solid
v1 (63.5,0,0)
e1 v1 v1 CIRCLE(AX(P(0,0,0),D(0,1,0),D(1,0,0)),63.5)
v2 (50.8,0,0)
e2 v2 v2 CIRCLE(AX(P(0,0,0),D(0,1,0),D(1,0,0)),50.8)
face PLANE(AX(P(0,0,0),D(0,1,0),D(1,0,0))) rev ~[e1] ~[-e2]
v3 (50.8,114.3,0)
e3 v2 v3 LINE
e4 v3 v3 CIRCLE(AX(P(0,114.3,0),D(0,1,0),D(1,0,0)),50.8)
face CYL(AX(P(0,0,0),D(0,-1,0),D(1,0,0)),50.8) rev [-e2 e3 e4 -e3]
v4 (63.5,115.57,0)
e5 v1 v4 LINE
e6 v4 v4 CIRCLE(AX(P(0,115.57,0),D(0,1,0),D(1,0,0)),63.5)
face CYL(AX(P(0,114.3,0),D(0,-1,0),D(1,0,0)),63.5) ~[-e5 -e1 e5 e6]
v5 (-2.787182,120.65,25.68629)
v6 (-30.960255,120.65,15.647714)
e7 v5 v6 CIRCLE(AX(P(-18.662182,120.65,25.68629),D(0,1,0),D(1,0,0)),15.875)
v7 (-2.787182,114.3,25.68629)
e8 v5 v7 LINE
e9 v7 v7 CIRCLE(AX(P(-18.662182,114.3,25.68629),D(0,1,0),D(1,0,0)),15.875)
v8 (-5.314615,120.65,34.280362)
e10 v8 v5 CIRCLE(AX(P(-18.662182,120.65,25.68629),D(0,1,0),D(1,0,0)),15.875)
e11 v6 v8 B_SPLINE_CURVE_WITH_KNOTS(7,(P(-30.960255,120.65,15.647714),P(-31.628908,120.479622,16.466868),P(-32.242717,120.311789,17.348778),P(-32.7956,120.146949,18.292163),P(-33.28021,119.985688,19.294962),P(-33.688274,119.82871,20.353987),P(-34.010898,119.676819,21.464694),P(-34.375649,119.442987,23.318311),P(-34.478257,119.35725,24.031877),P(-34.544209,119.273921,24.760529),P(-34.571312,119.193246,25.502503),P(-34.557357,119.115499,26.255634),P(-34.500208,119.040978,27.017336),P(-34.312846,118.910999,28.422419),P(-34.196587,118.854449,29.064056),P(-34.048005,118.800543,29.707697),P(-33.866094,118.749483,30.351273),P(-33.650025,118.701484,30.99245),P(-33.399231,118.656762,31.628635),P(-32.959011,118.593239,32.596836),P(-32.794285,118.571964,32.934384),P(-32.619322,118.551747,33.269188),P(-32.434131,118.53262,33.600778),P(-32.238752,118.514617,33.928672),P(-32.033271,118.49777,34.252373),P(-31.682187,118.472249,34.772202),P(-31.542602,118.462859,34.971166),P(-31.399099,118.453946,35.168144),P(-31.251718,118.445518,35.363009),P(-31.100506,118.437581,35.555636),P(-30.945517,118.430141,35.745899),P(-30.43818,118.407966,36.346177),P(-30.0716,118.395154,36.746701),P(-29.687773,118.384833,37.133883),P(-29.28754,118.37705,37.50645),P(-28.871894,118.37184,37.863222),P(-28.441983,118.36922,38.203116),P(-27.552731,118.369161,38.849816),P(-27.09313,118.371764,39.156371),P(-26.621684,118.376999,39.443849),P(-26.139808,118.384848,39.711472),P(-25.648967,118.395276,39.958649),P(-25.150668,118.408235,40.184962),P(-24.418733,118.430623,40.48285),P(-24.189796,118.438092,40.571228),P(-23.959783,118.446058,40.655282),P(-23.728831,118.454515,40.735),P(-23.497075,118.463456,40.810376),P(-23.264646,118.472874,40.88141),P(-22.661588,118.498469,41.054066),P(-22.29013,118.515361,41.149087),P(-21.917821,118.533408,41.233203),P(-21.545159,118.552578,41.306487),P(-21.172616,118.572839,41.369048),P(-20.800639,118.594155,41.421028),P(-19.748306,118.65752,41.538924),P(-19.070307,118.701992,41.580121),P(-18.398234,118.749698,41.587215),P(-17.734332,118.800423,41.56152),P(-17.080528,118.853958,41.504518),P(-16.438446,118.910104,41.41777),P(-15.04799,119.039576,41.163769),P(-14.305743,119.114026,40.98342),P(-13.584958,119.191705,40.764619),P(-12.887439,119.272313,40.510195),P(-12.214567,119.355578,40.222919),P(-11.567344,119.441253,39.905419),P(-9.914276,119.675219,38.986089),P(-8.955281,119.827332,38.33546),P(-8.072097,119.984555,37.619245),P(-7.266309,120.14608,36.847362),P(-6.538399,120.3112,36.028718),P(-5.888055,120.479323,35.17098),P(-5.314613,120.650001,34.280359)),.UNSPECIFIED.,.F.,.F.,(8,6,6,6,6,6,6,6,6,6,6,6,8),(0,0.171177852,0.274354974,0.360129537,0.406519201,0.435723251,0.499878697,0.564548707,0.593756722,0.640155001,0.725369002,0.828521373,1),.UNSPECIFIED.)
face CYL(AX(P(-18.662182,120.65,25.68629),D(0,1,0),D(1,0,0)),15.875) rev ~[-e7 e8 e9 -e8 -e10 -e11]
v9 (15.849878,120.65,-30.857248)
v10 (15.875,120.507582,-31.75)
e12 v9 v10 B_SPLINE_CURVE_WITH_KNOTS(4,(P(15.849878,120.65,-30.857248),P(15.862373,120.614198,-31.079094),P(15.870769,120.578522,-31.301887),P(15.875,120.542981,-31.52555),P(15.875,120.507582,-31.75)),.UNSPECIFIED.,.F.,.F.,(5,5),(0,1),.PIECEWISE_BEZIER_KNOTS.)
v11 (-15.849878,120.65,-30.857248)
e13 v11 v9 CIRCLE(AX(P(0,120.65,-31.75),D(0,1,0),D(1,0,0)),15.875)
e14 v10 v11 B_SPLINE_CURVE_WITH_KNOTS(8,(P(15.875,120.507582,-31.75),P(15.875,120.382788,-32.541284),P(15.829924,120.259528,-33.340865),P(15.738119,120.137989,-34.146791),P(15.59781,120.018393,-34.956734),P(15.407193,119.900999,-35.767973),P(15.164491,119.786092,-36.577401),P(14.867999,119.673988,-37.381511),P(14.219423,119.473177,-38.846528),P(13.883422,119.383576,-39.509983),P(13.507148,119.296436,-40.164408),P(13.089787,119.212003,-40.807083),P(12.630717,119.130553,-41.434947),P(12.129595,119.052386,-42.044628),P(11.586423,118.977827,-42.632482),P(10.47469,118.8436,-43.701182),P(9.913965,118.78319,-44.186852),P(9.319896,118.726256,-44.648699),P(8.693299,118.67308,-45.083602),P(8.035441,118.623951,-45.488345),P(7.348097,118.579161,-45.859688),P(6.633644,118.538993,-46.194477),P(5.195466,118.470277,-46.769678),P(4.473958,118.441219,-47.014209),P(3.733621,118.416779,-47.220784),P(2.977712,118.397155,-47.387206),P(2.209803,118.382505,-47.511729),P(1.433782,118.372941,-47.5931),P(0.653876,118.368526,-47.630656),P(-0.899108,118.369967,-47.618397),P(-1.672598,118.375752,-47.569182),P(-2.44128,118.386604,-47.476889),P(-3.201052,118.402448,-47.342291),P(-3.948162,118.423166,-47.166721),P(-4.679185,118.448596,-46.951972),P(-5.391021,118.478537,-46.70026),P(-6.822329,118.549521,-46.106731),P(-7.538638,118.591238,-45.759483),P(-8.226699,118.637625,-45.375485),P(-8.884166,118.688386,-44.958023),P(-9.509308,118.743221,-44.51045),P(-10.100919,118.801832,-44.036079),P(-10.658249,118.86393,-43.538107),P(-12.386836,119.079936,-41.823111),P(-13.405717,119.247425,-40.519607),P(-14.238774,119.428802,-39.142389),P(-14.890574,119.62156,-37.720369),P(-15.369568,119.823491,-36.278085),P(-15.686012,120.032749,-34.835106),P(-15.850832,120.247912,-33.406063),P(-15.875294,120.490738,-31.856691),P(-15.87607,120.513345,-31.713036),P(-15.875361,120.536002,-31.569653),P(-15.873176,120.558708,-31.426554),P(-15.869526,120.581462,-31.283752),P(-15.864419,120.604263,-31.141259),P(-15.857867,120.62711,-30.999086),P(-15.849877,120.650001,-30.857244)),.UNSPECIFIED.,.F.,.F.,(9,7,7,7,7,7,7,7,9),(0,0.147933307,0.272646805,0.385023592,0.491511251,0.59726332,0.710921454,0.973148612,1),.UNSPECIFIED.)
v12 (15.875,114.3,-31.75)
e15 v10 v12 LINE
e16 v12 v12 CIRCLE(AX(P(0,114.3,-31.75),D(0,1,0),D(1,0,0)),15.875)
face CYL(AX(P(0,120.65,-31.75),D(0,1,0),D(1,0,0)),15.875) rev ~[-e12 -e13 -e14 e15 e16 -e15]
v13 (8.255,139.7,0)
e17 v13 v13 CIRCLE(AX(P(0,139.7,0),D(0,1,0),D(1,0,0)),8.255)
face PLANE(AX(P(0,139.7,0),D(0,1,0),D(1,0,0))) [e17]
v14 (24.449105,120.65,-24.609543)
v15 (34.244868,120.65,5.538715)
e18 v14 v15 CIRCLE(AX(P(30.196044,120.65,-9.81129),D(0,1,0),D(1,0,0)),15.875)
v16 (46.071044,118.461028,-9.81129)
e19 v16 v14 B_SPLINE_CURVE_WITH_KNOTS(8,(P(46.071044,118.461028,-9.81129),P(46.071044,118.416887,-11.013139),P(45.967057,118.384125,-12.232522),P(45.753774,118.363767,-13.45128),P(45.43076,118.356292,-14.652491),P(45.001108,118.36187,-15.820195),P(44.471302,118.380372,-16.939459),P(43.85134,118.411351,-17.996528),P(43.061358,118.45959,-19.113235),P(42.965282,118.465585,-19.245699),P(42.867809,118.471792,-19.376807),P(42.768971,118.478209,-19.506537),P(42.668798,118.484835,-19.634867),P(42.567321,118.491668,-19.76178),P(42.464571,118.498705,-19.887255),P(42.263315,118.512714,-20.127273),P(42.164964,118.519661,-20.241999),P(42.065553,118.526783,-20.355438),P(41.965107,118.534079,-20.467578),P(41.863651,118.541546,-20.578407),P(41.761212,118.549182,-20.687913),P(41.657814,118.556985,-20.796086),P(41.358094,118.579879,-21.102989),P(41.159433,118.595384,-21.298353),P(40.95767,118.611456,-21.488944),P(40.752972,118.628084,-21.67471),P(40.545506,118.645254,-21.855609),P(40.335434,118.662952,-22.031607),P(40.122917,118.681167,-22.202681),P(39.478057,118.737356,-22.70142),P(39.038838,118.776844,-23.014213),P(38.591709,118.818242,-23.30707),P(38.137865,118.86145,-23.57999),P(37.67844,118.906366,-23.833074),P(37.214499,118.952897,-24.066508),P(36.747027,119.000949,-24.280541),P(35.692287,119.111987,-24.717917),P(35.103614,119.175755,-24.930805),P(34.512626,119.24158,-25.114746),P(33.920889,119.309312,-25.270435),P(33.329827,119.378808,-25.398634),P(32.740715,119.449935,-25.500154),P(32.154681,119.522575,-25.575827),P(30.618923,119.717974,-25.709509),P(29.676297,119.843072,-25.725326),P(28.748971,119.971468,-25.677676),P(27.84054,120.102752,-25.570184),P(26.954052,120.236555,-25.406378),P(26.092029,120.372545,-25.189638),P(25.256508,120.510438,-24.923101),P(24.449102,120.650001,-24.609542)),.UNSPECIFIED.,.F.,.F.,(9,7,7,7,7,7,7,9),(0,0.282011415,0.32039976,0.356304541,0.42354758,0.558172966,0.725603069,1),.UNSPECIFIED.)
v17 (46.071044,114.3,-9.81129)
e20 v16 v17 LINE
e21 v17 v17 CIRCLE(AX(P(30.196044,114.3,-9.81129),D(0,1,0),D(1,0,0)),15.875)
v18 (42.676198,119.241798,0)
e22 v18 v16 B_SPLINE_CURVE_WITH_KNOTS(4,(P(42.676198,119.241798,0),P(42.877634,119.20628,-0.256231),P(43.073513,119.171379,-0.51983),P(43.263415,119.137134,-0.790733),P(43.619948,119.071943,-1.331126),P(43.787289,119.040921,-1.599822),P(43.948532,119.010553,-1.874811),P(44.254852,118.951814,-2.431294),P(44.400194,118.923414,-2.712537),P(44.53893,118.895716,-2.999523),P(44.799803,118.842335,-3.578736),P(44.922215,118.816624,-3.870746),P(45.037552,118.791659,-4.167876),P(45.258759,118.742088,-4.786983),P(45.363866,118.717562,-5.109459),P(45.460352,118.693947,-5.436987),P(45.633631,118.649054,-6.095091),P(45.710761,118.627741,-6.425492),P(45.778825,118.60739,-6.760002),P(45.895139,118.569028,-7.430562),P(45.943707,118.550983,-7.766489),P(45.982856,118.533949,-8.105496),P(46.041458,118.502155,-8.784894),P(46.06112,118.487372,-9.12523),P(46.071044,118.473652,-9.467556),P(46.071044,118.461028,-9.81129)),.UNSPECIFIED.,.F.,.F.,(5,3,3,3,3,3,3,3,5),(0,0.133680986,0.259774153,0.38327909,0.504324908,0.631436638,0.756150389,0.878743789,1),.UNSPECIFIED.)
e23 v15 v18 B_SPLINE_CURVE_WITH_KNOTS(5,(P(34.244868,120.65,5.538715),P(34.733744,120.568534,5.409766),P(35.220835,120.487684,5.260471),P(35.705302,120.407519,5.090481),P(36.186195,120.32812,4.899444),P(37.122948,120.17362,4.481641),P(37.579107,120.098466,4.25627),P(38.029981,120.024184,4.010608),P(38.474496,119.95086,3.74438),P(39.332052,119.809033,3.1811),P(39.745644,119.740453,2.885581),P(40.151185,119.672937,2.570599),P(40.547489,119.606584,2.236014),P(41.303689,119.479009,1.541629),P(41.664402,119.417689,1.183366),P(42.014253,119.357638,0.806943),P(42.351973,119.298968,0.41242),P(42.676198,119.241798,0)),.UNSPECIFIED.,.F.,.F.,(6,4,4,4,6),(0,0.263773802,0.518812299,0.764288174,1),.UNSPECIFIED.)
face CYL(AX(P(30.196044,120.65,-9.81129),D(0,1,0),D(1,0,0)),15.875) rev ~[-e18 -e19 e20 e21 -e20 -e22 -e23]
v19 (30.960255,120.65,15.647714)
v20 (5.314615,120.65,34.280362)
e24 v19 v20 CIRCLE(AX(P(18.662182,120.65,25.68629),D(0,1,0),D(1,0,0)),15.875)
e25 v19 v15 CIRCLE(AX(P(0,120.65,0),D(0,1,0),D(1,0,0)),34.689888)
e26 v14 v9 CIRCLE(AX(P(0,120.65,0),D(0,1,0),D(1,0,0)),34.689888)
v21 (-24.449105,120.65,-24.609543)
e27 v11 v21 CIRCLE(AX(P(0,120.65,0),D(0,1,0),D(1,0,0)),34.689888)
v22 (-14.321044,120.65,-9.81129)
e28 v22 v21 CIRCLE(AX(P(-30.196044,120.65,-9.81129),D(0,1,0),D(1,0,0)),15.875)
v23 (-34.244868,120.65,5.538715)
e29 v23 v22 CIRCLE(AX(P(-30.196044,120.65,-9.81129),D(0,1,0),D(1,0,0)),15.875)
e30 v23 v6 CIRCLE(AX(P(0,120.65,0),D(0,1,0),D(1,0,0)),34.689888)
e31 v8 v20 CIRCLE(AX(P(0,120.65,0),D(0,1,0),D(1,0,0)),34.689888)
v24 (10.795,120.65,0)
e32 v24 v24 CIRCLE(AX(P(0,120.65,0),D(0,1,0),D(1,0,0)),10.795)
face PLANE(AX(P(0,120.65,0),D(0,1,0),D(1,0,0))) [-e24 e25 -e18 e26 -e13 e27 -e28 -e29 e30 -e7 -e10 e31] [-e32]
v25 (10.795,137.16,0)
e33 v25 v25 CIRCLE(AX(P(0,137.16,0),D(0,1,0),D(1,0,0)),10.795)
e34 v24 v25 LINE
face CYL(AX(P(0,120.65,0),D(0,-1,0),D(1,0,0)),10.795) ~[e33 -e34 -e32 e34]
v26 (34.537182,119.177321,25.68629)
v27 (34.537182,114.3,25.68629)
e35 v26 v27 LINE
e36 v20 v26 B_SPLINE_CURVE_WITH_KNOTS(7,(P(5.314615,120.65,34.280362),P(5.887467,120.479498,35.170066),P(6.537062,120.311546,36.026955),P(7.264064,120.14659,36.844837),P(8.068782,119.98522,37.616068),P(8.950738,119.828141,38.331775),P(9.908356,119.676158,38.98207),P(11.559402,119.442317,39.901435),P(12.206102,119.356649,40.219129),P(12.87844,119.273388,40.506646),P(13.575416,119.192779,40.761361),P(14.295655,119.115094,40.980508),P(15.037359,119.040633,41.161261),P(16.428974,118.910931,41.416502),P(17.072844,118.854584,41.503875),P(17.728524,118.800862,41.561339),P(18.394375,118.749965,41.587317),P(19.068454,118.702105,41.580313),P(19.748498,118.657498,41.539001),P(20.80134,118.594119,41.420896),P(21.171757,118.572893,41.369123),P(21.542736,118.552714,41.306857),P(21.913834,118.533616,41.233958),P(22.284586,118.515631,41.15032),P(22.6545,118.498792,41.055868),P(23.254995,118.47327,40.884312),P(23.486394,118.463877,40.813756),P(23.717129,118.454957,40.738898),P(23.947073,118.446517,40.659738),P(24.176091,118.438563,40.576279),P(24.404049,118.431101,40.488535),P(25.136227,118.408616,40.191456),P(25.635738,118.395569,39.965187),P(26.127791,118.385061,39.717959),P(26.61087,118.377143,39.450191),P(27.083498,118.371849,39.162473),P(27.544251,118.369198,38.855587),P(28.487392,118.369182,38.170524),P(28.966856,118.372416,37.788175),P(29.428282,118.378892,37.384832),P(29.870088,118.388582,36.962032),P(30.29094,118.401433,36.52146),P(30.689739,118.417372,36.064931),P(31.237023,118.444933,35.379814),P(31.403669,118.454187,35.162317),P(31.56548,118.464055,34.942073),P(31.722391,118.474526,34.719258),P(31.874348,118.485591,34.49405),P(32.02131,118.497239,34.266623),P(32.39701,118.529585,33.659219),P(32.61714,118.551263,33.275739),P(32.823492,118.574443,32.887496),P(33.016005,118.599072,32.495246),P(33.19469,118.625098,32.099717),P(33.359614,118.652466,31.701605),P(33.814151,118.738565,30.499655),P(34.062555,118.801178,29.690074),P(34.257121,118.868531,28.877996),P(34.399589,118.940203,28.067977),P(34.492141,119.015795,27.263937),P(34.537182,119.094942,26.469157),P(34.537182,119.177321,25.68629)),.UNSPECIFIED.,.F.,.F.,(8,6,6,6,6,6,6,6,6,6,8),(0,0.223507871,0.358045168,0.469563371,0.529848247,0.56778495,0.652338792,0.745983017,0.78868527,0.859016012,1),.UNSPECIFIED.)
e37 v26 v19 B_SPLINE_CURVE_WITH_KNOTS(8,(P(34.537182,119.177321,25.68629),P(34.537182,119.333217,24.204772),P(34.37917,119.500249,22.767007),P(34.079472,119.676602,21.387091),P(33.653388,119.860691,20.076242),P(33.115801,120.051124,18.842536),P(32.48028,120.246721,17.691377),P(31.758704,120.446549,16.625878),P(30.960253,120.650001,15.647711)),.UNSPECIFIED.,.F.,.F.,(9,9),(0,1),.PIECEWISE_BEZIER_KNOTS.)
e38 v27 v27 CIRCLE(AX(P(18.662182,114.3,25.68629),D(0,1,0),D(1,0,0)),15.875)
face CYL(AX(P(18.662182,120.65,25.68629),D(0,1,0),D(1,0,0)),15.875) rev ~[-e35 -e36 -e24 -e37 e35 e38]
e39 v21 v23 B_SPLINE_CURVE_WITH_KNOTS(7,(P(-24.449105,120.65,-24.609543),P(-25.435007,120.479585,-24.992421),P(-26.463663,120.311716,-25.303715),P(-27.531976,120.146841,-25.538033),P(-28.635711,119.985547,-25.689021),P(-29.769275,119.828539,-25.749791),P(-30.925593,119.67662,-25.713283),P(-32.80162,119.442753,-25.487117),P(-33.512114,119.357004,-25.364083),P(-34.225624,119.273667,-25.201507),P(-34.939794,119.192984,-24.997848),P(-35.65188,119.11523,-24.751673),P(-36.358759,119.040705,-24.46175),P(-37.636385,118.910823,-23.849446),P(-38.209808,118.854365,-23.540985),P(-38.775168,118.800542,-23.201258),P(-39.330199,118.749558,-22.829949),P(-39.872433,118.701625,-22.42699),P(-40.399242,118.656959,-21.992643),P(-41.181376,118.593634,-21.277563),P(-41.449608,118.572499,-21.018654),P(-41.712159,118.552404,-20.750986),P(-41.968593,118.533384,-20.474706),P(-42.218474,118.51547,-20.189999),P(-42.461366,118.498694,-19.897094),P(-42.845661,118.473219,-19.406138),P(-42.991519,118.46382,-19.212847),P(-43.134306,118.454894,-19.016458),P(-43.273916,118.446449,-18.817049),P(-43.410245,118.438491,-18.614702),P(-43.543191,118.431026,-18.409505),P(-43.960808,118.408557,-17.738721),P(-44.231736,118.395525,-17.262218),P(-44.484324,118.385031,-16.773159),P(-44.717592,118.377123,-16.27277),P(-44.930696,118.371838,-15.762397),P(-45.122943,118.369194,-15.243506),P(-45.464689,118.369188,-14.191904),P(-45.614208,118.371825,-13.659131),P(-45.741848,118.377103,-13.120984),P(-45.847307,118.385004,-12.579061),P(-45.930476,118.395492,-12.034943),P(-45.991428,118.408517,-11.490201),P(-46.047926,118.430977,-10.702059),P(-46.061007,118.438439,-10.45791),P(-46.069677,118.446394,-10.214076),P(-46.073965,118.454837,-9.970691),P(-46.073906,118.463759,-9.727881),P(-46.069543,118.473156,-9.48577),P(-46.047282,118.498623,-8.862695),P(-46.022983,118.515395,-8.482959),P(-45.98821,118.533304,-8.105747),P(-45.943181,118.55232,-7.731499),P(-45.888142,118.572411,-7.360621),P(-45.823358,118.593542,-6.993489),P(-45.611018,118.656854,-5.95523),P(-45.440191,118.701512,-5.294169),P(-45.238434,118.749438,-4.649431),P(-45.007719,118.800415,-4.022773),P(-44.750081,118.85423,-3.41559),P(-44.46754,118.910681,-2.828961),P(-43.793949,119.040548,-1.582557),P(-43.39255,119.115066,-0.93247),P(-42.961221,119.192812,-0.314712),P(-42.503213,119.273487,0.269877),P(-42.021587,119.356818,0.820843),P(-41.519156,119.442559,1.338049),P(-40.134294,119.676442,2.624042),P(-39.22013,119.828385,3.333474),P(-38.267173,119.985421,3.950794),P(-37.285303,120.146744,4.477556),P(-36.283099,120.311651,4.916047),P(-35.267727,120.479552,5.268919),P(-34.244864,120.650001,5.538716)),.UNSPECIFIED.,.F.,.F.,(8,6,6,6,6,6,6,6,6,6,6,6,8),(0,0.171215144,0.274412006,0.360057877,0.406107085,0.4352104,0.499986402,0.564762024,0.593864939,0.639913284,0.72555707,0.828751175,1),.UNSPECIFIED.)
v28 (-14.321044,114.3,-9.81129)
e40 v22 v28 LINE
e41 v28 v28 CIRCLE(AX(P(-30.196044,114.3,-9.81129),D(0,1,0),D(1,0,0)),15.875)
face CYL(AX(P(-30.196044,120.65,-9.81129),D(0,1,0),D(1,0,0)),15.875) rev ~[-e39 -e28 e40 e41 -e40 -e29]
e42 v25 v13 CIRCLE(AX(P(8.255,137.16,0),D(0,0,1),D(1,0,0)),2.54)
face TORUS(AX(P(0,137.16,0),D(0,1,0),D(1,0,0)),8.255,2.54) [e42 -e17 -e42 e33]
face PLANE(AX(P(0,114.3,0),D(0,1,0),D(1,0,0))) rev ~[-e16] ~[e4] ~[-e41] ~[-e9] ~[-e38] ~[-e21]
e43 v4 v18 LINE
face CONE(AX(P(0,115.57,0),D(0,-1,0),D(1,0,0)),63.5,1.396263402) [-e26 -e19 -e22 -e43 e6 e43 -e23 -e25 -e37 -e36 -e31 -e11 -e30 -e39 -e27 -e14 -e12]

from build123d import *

# Parameters (mm, degrees)
SKETCH1_R           = 63.5
SKETCH1_R_2         = 50.8
BOSS_EXTRUDE1_DEPTH = 114.3
SKETCH2_R           = 63.5
BOSS_EXTRUDE2_DEPTH = 6.35
CHAMFER1_SIZE       = 5.08
CHAMFER1_SIZE2      = 28.810111644
SKETCH3_R           = 15.875
CUT_EXTRUDE1_DEPTH  = 121.65
SKETCH4_R           = 10.795
BOSS_EXTRUDE3_DEPTH = 19.05
FILLET1_R           = 2.54


with BuildPart() as part:
    # Sketch1 → Boss-Extrude1 (new body)
    with BuildSketch(Plane(origin=(0, 0, 0), x_dir=(1, 0, 0), z_dir=(0, 1, 0))):
        Circle(SKETCH1_R)
        Circle(SKETCH1_R_2, mode=Mode.SUBTRACT)
    extrude(amount=BOSS_EXTRUDE1_DEPTH)

    # Sketch2 → Boss-Extrude2 (add)
    with BuildSketch(Plane(origin=(0, 114.3, 0), x_dir=(1, 0, 0), z_dir=(0, 1, 0))):
        Circle(SKETCH2_R)
    extrude(amount=BOSS_EXTRUDE2_DEPTH)

    # Chamfer1
    chamfer1_edges = [part.edges().sort_by_distance(p)[0] for p in [
        (-63.5, 120.65, 0),
    ]]
    chamfer1_side = [part.faces().sort_by_distance(p)[0] for p in [
        (-63.5, 60.325, 0),
    ]]
    chamfer(chamfer1_edges, length=CHAMFER1_SIZE, length2=CHAMFER1_SIZE2, reference=chamfer1_side[0])

    # Sketch3 → Cut-Extrude1 (cut, through all)
    with BuildSketch(Plane(origin=(0, 120.65, 0), x_dir=(1, 0, 0), z_dir=(0, 1, 0))):
        with Locations((0, 31.75)):
            Circle(SKETCH3_R)
        with Locations((30.196044392, 9.811289571)):
            Circle(SKETCH3_R)
        with Locations((18.66218176, -25.686289571)):
            Circle(SKETCH3_R)
        with Locations((-18.66218176, -25.686289571)):
            Circle(SKETCH3_R)
        with Locations((-30.196044392, 9.811289571)):
            Circle(SKETCH3_R)
    extrude(amount=-CUT_EXTRUDE1_DEPTH, mode=Mode.SUBTRACT)

    # Sketch4 → Boss-Extrude3 (add)
    with BuildSketch(Plane(origin=(0, 120.65, 0), x_dir=(1, 0, 0), z_dir=(0, 1, 0))):
        Circle(SKETCH4_R)
    extrude(amount=BOSS_EXTRUDE3_DEPTH)

    # Fillet1
    fillet1_edges = [part.edges().sort_by_distance(p)[0] for p in [
        (-10.795, 139.7, 0),
    ]]
    fillet(fillet1_edges, radius=FILLET1_R)


solid = part.part
